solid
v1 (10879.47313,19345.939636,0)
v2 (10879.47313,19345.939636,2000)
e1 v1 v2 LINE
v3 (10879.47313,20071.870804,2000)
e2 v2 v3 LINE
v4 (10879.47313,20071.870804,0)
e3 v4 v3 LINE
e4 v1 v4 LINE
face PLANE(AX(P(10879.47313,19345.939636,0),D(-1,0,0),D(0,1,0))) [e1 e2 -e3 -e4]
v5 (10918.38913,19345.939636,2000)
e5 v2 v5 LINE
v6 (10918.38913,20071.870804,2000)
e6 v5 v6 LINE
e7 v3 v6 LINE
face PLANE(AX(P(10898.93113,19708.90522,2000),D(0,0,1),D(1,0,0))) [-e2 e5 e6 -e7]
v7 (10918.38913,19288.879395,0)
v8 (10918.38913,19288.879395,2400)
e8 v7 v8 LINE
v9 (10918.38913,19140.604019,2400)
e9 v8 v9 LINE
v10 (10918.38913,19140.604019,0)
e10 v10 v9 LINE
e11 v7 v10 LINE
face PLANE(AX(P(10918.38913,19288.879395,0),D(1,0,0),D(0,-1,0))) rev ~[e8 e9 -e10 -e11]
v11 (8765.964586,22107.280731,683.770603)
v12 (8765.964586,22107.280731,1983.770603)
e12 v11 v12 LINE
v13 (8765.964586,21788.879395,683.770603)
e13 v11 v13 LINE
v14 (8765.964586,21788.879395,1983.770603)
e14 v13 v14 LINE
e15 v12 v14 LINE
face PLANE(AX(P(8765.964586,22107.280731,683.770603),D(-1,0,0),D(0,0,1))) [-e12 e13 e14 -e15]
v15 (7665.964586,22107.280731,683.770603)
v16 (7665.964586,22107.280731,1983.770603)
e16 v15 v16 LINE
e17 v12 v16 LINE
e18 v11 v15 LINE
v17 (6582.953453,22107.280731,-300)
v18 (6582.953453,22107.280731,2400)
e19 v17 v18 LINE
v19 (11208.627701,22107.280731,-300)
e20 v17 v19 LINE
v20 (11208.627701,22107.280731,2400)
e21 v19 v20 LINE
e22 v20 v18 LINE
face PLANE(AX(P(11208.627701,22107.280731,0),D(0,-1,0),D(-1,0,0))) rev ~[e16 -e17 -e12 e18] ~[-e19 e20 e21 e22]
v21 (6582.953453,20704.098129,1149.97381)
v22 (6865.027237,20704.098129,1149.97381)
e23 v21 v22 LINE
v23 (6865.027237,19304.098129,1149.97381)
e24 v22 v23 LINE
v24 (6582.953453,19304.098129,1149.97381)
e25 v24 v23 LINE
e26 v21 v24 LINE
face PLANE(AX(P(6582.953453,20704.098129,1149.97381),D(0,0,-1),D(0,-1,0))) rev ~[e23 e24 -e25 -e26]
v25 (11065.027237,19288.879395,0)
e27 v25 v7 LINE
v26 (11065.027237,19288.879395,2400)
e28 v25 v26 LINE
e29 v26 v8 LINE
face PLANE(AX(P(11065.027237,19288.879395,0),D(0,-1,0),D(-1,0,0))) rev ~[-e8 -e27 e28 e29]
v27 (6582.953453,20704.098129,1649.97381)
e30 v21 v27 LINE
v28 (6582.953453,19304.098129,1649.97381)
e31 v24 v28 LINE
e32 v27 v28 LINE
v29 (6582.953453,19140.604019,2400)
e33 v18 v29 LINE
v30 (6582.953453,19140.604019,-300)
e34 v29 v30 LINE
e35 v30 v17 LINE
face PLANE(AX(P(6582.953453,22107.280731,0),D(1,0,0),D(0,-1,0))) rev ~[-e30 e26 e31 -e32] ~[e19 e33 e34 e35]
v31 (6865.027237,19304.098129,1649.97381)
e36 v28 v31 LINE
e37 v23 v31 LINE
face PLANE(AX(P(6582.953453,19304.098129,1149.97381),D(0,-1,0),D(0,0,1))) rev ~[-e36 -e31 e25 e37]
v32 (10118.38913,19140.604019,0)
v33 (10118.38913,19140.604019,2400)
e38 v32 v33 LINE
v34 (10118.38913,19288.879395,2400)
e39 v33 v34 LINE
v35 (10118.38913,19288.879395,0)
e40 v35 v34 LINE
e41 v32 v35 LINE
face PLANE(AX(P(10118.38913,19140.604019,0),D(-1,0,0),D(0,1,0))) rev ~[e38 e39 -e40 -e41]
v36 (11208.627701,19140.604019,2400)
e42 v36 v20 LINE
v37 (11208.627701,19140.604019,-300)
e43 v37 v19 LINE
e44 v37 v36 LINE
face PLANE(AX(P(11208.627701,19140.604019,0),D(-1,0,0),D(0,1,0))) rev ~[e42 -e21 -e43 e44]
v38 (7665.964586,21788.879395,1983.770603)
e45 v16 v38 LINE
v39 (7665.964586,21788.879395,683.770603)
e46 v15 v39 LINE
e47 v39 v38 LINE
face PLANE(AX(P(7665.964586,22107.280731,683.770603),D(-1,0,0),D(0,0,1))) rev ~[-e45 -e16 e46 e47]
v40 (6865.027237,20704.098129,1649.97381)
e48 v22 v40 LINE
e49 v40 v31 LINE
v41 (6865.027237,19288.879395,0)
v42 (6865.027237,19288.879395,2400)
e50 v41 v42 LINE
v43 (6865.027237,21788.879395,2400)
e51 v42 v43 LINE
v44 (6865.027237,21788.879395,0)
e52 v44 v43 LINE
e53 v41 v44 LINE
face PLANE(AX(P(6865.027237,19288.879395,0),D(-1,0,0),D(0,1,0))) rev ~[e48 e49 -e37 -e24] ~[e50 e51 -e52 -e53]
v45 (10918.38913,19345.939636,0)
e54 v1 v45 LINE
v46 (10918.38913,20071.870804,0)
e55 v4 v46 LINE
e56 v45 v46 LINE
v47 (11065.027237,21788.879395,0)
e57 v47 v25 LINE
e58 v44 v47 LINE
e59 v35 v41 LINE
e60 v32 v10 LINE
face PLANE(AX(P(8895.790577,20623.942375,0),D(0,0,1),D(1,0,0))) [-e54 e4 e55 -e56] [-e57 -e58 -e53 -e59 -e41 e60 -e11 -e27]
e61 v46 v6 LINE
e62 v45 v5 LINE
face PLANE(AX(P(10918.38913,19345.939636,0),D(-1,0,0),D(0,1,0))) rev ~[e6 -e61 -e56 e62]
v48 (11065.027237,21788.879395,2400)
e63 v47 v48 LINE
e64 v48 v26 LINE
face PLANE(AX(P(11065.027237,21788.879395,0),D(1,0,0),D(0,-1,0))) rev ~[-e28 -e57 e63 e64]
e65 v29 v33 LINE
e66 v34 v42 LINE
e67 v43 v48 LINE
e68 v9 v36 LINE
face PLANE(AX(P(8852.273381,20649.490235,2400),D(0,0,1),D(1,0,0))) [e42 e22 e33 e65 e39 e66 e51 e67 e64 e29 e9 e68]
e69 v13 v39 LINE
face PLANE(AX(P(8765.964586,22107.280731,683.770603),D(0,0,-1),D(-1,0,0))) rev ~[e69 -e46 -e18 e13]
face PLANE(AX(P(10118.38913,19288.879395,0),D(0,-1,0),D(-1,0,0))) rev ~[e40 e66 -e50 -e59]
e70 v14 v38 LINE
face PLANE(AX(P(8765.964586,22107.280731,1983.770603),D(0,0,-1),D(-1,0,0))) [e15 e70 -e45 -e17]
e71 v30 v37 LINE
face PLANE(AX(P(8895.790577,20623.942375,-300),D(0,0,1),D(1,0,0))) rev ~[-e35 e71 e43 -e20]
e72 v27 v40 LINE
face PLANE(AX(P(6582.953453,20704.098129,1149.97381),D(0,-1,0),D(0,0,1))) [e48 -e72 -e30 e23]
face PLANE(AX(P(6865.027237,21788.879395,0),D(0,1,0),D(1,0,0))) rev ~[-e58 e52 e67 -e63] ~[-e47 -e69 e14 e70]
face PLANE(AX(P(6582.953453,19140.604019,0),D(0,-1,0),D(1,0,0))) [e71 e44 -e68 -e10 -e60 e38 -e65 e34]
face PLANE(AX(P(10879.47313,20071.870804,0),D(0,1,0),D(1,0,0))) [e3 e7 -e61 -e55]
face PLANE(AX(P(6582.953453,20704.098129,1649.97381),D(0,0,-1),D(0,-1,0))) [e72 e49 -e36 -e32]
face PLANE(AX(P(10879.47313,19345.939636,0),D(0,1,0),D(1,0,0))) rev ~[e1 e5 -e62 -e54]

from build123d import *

# Parameters (mm, degrees)
F0_W     = 4625.674248
F0_H     = 2966.676712
F1_DEPTH = 300
F3_DEPTH = 2400
F4_W     = 1100
F4_H     = 1300
F5_DEPTH = 318.401337
F6_W     = 1400
F6_H     = 500
F7_DEPTH = 282.073784
F8_W     = 38.916
F8_H     = 725.931168
F9_DEPTH = 2000


with BuildPart() as f1:
    # F0 (on Top) → F1 (new body)
    with BuildSketch(Plane.XY):
        with Locations((8895.790577, 20623.942375)):
            Rectangle(F0_W, F0_H)
    extrude(amount=-F1_DEPTH)

    # F2 (on face) → F3 (join)
    with BuildSketch(Plane.XY):
        Polygon((6865.027237, 19288.879395), (6865.027237, 21788.879395), (11065.027237, 21788.879395), (11065.027237, 19288.879395), (10918.38913, 19288.879395), (10918.38913, 19140.604019), (11208.627701, 19140.604019), (11208.627701, 22107.280731), (6582.953453, 22107.280731), (6582.953453, 19140.604019), (10118.38913, 19140.604019), (10118.38913, 19288.879395), align=None)
    extrude(amount=F3_DEPTH)

    # F4 (on face) → F5 (cut, through all)
    with BuildSketch(Plane(origin=(0, 22107.280731, 0), x_dir=(-1, 0, 0), z_dir=(0, 1, 0))):
        with Locations((-8215.964586, 1333.770603)):
            Rectangle(F4_W, F4_H)
    extrude(amount=-F5_DEPTH, mode=Mode.SUBTRACT)

    # F6 (on face) → F7 (cut, through all)
    with BuildSketch(Plane(origin=(6582.953453, 0, 0), x_dir=(0, -1, 0), z_dir=(-1, 0, 0))):
        with Locations((-20004.098129, 1399.97381)):
            Rectangle(F6_W, F6_H)
    extrude(amount=-F7_DEPTH, mode=Mode.SUBTRACT)

    # F8 (on face) → F9 (join)
    with BuildSketch(Plane.XY):
        with Locations((10898.93113, 19708.90522)):
            Rectangle(F8_W, F8_H)
    extrude(amount=F9_DEPTH)


solid = f1.part
